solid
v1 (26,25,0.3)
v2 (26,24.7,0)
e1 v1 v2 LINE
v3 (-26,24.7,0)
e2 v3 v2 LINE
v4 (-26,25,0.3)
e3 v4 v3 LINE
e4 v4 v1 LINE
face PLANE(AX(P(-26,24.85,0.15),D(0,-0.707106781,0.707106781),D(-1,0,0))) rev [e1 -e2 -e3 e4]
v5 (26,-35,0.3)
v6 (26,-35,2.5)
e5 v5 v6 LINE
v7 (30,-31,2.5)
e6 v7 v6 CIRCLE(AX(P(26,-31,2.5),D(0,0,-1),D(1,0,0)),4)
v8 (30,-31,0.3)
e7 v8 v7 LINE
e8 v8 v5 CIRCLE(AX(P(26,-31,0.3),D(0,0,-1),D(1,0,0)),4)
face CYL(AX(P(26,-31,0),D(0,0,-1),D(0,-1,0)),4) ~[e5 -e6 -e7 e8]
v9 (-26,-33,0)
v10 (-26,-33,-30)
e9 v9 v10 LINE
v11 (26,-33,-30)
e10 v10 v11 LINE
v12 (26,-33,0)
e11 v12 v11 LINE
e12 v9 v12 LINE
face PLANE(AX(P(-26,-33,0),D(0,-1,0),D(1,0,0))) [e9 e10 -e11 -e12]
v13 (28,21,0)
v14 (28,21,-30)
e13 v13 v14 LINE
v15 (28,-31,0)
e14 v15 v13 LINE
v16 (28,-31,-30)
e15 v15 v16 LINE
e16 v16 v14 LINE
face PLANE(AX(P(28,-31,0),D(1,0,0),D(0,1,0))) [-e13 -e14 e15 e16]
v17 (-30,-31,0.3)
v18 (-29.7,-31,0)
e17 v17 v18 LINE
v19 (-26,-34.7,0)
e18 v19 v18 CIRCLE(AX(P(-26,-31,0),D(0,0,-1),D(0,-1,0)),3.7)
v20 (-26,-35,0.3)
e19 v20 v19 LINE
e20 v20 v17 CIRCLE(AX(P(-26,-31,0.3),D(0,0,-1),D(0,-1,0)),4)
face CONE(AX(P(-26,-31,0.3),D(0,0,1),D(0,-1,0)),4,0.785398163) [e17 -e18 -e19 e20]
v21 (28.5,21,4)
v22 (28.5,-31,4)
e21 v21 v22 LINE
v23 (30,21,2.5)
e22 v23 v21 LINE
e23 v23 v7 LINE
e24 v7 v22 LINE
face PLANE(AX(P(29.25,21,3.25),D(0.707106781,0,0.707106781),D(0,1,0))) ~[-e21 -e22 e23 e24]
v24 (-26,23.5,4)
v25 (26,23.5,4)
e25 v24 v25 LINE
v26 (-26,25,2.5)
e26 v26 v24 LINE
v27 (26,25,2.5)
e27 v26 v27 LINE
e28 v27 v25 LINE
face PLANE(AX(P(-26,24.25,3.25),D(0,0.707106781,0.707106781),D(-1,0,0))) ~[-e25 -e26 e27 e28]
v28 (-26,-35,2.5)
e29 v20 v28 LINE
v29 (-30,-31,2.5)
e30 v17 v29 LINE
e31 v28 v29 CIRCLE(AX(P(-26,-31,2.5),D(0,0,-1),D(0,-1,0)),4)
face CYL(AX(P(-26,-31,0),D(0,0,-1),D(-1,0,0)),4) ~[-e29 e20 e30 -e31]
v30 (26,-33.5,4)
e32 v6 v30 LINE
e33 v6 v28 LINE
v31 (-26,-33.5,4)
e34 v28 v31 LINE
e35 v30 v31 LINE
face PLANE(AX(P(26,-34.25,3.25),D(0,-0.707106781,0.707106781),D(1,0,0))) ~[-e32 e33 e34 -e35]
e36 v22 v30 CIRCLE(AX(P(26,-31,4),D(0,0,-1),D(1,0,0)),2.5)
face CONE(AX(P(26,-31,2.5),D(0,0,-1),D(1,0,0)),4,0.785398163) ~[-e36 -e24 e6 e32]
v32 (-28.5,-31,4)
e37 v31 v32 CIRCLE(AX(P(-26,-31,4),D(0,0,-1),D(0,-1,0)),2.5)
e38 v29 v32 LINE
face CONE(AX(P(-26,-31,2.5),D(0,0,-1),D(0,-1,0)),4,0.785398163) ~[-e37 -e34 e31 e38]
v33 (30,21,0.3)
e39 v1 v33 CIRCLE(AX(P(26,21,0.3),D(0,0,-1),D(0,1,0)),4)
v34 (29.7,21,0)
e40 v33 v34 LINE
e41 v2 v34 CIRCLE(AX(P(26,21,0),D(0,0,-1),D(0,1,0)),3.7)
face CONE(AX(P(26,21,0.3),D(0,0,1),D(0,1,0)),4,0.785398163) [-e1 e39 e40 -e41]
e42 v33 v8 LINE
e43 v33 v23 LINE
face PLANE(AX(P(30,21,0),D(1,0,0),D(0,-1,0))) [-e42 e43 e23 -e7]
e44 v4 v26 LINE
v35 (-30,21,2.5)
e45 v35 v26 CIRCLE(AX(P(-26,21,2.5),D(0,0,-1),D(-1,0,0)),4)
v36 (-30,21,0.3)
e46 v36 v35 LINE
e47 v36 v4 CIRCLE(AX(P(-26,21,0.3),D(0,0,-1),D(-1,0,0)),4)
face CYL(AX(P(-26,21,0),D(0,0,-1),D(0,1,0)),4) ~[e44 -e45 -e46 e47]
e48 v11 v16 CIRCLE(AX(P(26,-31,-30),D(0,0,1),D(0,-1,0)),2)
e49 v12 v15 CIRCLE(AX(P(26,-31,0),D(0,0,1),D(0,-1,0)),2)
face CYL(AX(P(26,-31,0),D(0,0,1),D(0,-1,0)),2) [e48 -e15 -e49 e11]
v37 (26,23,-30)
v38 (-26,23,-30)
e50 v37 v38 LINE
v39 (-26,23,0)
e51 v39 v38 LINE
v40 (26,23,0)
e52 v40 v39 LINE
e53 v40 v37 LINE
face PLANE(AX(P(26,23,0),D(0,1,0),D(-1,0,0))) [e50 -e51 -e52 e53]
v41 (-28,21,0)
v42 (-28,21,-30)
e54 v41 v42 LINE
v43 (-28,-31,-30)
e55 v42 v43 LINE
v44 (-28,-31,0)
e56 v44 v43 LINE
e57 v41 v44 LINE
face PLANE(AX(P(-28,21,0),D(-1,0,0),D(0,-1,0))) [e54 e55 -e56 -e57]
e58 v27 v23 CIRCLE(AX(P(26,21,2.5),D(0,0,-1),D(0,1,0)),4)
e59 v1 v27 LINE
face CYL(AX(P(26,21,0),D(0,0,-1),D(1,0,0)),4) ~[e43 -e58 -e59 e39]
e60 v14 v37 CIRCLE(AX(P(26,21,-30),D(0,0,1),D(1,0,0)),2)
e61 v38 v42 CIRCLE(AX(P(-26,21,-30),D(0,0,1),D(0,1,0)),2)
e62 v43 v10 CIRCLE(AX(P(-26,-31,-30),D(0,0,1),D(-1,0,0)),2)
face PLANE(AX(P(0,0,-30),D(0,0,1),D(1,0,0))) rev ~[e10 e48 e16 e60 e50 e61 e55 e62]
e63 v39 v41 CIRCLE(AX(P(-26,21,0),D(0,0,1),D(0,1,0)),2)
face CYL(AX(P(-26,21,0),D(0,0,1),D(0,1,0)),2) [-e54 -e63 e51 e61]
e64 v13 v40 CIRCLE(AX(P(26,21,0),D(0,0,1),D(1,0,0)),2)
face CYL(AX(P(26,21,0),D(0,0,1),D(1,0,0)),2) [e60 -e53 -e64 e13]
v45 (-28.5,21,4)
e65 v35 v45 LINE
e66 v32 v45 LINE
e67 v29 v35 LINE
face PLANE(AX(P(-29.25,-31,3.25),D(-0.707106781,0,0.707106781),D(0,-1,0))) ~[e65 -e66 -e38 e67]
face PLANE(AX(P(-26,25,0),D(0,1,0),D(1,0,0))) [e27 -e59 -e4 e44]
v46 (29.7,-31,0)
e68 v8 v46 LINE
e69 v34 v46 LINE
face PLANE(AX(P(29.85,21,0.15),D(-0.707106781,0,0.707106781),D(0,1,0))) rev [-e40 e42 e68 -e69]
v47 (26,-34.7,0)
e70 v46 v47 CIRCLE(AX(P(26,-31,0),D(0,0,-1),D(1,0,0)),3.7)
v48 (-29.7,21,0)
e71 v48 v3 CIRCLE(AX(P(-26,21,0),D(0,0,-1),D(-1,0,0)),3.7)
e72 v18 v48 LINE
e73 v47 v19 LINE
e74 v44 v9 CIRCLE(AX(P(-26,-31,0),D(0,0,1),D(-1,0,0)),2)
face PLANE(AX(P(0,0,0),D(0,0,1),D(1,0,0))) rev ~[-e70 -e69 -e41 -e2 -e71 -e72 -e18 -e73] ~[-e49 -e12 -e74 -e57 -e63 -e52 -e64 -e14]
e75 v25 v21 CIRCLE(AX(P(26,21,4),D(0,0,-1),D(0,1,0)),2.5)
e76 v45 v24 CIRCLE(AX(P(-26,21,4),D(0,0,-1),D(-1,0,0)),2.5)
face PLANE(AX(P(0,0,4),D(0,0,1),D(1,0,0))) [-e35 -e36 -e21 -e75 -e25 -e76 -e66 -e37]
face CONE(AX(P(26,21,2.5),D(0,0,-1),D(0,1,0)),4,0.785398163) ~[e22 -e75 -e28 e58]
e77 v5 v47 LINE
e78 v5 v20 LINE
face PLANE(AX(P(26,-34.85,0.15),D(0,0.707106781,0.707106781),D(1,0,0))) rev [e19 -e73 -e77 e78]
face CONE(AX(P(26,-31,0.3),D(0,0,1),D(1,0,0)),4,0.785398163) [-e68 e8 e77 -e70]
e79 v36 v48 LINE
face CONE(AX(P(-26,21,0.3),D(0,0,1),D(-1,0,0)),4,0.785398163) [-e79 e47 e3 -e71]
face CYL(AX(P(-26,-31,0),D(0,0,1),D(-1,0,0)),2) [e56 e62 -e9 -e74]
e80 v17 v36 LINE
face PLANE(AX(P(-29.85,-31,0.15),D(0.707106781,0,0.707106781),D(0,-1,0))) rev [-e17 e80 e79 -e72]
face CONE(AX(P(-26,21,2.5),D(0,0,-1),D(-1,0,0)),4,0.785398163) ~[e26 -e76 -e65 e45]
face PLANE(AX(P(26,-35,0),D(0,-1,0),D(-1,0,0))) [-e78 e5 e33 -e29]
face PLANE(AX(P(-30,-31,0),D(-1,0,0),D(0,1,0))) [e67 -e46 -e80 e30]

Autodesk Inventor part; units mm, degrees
ref_plane "YZ Plane" through (0, 0, 0) normal (1, 0, 0) x (0, 1, 0)
ref_plane "XZ Plane" through (0, 0, 0) normal (0, 1, 0) x (-1, 0, 0)
ref_plane "XY Plane" through (0, 0, 0) normal (0, 0, 1) x (1, 0, 0)
sketch "Sketch1" plane through (0, 0, 0) normal (0, 0, 1) x (1, 0, 0)
  line L0 (26, 23) -> (-26, 23) projected
  arc A0 (-26, 23) -> (-28, 21) centre (-26, 21) ccw projected
  line L1 (-28, 21) -> (-28, -31) projected
  arc A1 (28, 21) -> (26, 23) centre (26, 21) ccw projected
  line L2 (28, -31) -> (28, 21) projected
  arc A2 (26, -33) -> (28, -31) centre (26, -31) ccw projected
  line L3 (-26, -33) -> (26, -33) projected
  arc A3 (-28, -31) -> (-26, -33) centre (-26, -31) ccw projected
  point P0 (0, 0)
extrude "Extrusion1" add sketch "Sketch1" against normal blind 30
sketch "Sketch2" plane through (0, 0, 0) normal (0, 0, 1) x (1, 0, 0)
  line L0 (26, 23) -> (-26, 23) projected
  arc A0 (28, 21) -> (26, 23) centre (26, 21) ccw projected
  line L1 (28, -31) -> (28, 21) projected
  arc A1 (26, -33) -> (28, -31) centre (26, -31) ccw projected
  line L2 (-26, -33) -> (26, -33) projected
  arc A2 (-28, -31) -> (-26, -33) centre (-26, -31) ccw projected
  line L3 (-28, 21) -> (-28, -31) projected
  arc A3 (-26, 23) -> (-28, 21) centre (-26, 21) ccw projected
  line L4 (-30, -31) -> (-30, 21) projected
  arc A4 (-30, -31) -> (-26, -35) centre (-26, -31) ccw projected
  line L5 (26, -35) -> (-26, -35) projected
  arc A5 (26, -35) -> (30, -31) centre (26, -31) ccw projected
  line L6 (30, 21) -> (30, -31) projected
  arc A6 (30, 21) -> (26, 25) centre (26, 21) ccw projected
  line L7 (-26, 25) -> (26, 25) projected
  arc A7 (-26, 25) -> (-30, 21) centre (-26, 21) ccw projected
  point P0 (0, 0)
extrude "Extrusion2" add sketch "Sketch2" along normal blind 4 contours A0 L1 A1 L2 A2 L3 A3 L0 | L4 A7 L7 A6 L6 A5 L5 A4
chamfer "Chamfer1" distance 1.5 angle 45 8 edges at (-30, -5, 4) (-28.8284, -33.8284, 4) (0, -35, 4) (28.8284, -33.8284, 4) (30, -5, 4) (28.8284, 23.8284, 4) (0, 25, 4) (-28.8284, 23.8284, 4)
chamfer "Chamfer2" distance 0.3 angle 45 8 edges at (-30, -5, 0) (-28.8284, 23.8284, 0) (0, 25, 0) (28.8284, 23.8284, 0) (30, -5, 0) (28.8284, -33.8284, 0) (0, -35, 0) (-28.8284, -33.8284, 0)
properties part number "nút nhựa bịt hộp thép 60x60"
